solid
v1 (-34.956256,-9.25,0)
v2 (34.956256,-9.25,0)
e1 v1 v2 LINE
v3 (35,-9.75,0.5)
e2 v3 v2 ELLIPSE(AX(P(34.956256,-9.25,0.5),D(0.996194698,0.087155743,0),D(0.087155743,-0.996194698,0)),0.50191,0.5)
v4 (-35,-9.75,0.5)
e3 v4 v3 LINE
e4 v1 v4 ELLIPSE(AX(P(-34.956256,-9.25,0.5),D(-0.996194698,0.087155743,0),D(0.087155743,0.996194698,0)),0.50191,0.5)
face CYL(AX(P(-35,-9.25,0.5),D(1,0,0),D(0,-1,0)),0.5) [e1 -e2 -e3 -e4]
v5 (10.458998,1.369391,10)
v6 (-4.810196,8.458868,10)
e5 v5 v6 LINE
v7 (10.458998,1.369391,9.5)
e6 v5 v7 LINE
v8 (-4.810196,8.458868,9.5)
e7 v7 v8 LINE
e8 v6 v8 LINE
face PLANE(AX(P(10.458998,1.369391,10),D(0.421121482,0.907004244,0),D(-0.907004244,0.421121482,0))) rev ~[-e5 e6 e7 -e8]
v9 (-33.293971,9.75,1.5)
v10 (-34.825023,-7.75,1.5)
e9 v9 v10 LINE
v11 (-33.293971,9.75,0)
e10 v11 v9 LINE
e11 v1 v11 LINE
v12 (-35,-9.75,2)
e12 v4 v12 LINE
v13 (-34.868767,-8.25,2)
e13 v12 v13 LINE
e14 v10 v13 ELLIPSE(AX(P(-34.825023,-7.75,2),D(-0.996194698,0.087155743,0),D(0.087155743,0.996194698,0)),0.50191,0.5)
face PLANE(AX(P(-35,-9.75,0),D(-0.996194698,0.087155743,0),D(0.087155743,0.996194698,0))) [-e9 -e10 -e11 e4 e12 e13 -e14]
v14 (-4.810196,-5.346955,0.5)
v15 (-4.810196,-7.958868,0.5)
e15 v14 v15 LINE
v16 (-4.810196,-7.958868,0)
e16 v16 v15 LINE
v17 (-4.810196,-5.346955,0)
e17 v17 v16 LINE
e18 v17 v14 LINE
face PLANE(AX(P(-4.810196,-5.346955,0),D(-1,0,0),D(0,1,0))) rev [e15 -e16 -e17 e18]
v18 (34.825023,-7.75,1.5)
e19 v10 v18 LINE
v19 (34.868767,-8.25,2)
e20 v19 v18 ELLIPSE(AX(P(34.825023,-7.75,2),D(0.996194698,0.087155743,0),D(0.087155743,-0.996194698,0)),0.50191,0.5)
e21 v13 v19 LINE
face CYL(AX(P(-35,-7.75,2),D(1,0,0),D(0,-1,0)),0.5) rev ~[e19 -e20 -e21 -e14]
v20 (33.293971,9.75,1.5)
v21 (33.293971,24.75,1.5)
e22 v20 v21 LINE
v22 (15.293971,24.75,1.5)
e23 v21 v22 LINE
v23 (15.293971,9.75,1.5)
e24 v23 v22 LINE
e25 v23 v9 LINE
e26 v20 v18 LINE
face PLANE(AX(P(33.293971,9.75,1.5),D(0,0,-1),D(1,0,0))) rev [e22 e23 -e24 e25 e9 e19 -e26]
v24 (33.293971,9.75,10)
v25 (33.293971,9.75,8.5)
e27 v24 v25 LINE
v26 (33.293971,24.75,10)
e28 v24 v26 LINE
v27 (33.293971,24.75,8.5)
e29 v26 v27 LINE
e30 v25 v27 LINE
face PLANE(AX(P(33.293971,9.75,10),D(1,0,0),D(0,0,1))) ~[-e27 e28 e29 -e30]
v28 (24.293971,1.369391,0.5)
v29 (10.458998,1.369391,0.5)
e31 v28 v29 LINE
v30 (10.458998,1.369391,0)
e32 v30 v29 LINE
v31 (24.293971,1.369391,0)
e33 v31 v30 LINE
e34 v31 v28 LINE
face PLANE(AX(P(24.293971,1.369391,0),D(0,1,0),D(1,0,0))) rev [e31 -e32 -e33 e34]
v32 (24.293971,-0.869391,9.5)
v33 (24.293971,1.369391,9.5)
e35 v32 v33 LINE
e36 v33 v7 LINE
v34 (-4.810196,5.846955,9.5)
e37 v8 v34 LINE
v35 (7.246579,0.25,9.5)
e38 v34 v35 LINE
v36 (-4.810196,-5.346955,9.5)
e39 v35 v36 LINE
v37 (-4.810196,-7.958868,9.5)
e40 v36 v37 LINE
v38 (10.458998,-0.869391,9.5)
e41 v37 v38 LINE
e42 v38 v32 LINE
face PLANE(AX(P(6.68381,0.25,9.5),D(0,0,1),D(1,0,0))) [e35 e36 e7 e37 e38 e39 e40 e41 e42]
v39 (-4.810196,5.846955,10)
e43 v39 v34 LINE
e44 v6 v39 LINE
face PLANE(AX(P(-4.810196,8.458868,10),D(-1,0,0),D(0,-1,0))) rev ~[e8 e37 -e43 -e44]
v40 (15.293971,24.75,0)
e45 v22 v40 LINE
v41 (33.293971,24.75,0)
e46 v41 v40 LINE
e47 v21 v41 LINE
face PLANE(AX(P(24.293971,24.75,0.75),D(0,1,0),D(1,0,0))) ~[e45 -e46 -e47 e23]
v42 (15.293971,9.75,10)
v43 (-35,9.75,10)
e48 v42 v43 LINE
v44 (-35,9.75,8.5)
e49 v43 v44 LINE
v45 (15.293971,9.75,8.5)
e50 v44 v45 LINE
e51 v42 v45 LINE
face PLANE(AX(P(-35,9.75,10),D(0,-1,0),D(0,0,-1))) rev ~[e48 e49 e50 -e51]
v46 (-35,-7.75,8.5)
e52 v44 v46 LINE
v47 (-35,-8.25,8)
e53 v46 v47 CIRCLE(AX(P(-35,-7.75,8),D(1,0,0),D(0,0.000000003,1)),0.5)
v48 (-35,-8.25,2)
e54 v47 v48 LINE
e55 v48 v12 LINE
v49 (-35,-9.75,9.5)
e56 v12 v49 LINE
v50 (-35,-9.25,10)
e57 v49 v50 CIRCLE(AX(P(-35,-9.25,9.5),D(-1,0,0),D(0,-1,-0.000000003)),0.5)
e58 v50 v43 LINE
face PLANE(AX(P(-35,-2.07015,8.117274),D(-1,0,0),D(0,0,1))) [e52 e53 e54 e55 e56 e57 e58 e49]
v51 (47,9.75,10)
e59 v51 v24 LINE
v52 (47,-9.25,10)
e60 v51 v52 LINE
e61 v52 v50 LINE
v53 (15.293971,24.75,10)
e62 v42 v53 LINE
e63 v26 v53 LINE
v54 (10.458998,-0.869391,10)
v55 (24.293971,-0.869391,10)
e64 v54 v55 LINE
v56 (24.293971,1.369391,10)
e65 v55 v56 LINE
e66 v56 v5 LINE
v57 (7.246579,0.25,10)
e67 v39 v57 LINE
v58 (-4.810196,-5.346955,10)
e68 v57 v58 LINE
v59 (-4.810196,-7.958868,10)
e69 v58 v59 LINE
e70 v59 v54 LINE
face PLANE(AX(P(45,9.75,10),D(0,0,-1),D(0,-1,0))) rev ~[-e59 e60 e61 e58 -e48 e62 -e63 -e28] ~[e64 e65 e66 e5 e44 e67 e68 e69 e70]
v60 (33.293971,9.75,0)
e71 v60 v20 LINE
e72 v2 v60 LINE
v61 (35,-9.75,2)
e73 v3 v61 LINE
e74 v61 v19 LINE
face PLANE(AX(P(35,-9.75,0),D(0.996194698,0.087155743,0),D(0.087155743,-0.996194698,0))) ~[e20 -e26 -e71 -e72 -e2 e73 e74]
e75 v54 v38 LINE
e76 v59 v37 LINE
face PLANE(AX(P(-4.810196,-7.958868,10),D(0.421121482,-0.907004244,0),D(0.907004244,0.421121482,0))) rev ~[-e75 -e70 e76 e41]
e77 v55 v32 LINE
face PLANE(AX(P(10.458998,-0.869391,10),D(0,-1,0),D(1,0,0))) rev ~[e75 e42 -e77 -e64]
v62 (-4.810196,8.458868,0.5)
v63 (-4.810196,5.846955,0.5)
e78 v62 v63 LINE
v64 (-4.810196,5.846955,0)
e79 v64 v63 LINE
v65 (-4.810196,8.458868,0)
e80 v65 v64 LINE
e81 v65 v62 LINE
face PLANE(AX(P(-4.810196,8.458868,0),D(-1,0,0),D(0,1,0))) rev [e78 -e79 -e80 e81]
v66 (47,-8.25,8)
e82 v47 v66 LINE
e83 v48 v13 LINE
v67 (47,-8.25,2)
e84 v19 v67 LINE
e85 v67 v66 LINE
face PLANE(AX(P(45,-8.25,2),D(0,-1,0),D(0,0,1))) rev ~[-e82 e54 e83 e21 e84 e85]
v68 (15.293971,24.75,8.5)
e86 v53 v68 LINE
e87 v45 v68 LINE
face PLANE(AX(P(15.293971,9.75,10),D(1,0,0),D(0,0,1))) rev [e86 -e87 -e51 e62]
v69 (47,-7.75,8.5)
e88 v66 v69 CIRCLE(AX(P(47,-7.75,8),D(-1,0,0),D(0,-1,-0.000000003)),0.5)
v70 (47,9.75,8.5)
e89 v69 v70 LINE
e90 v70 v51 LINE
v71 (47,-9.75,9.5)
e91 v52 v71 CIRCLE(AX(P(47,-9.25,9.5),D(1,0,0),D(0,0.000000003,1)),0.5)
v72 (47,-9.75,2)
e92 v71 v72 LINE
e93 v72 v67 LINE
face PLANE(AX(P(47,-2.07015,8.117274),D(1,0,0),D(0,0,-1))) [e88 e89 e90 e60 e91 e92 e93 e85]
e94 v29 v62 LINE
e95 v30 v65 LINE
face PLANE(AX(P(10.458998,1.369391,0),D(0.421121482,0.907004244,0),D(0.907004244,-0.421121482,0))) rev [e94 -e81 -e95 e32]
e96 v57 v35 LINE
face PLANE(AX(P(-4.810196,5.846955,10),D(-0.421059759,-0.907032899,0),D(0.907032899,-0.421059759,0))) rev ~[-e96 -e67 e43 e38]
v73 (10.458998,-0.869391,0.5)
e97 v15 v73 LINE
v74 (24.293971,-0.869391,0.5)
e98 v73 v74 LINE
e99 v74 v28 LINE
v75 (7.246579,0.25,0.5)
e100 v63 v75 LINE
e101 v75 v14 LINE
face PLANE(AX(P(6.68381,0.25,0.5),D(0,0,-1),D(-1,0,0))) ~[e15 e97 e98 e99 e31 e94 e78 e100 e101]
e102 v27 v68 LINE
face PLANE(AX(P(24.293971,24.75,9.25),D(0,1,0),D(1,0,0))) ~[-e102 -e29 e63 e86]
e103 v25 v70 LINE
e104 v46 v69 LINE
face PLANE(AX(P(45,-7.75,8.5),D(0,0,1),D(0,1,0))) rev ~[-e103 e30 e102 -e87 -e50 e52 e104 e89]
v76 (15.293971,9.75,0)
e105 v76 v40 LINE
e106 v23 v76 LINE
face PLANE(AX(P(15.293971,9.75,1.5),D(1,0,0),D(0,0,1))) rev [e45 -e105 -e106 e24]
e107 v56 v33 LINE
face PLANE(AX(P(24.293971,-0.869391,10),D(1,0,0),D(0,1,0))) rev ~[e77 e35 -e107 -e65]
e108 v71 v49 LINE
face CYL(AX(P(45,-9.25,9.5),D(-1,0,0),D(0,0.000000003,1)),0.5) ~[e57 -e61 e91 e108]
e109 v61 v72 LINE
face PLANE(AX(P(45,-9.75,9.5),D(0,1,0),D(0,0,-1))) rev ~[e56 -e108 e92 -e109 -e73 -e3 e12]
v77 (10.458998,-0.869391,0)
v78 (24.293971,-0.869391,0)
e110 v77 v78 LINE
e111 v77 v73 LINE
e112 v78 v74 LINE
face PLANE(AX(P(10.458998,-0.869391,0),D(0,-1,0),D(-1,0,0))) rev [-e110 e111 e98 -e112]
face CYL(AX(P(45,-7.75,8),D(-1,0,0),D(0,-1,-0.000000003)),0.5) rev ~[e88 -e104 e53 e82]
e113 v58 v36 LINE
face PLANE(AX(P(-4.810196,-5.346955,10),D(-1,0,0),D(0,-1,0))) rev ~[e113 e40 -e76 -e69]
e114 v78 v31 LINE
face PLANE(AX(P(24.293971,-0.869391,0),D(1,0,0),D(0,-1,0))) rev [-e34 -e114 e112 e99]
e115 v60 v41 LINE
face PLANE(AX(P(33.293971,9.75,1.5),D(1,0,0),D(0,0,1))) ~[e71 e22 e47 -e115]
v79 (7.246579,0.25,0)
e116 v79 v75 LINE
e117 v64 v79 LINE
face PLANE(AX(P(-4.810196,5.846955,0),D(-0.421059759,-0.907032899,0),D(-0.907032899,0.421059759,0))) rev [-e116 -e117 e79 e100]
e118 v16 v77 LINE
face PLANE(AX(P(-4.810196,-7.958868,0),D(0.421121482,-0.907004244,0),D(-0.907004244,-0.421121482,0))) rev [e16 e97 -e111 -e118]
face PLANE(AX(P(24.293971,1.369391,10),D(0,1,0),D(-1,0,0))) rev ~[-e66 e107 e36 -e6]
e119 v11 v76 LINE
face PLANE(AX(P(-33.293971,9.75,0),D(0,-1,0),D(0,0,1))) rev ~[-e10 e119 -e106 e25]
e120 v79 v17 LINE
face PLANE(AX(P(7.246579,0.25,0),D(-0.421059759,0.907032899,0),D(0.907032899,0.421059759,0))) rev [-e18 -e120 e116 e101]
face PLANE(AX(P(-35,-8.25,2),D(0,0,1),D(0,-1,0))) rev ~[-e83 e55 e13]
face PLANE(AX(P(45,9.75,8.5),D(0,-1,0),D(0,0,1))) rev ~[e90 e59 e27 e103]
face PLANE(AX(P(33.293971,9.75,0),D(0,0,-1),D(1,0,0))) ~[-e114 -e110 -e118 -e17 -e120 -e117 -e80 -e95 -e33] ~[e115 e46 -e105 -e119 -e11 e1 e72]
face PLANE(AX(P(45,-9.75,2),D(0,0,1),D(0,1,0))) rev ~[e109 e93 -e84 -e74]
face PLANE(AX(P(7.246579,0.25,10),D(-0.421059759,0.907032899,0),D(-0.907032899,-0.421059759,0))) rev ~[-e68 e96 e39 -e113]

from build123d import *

# Parameters (mm, degrees)
IZIM1_W                     = 70
IZIM1_H                     = 19.5
Y_KSEKLIK_EKSTR_ZYON1_DEPTH = 10
BO_ALTMA1_T                 = -1.5
RADYUS1_R                   = 0.5
RADYUS2_R                   = 0.5
KES_EKSTR_ZYON1_DEPTH       = 2
Y_KSEKLIK_EKSTR_ZYON3_DEPTH = 10
IZIM8_W                     = 18
IZIM8_H                     = 1.5
Y_KSEKLIK_EKSTR_ZYON4_DEPTH = 15
KES_EKSTR_ZYON3_DEPTH       = 10
IZIM10_W                    = 1.5
IZIM10_H                    = 15
KES_EKSTR_ZYON4_DEPTH       = 18
KES_EKSTR_ZYON5_DEPTH       = 0.5
Y_KSEKLIK_EKSTR_ZYON5_DEPTH = 2


with BuildPart() as part:
    # Çizim1 → Yükseklik-Ekstrüzyon1 (new body)
    with BuildSketch(Plane.XY):
        Rectangle(IZIM1_W, IZIM1_H)
    extrude(amount=Y_KSEKLIK_EKSTR_ZYON1_DEPTH)

    # İç Boşaltma1
    bo_altma1_openings = [part.faces().sort_by_distance(p)[0] for p in [
        (-35, 0, 5),
        (0, 9.75, 5),
        (35, 0, 5),
    ]]
    offset(amount=BO_ALTMA1_T, openings=bo_altma1_openings, kind=Kind.INTERSECTION)

    # Radyus1
    radyus1_edges = [part.edges().sort_by_distance(p)[0] for p in [
        (0, -8.25, 1.5),
        (0, -8.25, 8.5),
    ]]
    fillet(radyus1_edges, radius=RADYUS1_R)

    # Radyus2
    radyus2_edges = [part.edges().sort_by_distance(p)[0] for p in [
        (0, -9.75, 10),
        (0, -9.75, 0),
    ]]
    fillet(radyus2_edges, radius=RADYUS2_R)

    # Çizim2 → Kes-Ekstrüzyon1 (cut)
    with BuildSketch(Plane(origin=(0, 0, 0), x_dir=(-1, 0, 0), z_dir=(0, 0, -1))):
        Polygon((35, -9.75), (33.293971061, 9.75), (35, 9.75), align=None)
    kes_ekstr_zyon1 = extrude(amount=-KES_EKSTR_ZYON1_DEPTH, mode=Mode.SUBTRACT)

    # Aynalama1: Kes-Ekstrüzyon1 across plane
    add(kes_ekstr_zyon1.mirror(Plane(origin=(0, 0, 0), x_dir=(0, 0, 1), z_dir=(1, 0, 0))), mode=Mode.SUBTRACT)

    # Çizim7 → Yükseklik-Ekstrüzyon3 (add)
    with BuildSketch(Plane.ZY.offset(35)):
        with BuildLine():
            Line((2, -8.25), (2, -9.75))
            Line((2, -9.75), (9.5, -9.75))
            ThreePointArc((9.5, -9.75), (9.853553391, -9.603553391), (10, -9.25))
            Line((10, -9.25), (10, 9.75))
            Line((10, 9.75), (8.5, 9.75))
            Line((8.5, 9.75), (8.5, -7.75))
            ThreePointArc((8.5, -7.75), (8.353553391, -8.103553391), (8, -8.25))
            Line((8, -8.25), (2, -8.25))
        make_face()
    y_kseklik_ekstr_zyon3 = extrude(amount=Y_KSEKLIK_EKSTR_ZYON3_DEPTH)

    # Çizim8 → Yükseklik-Ekstrüzyon4 (add)
    with BuildSketch(Plane(origin=(0, 9.75, 0), x_dir=(1, 0, 0), z_dir=(0, 1, 0))):
        with Locations((-24.293971061, -0.75)):
            Rectangle(IZIM8_W, IZIM8_H)
        with Locations((-24.293971061, -9.25)):
            Rectangle(IZIM8_W, IZIM8_H)
    y_kseklik_ekstr_zyon4 = extrude(amount=Y_KSEKLIK_EKSTR_ZYON4_DEPTH)

    # Aynalama3: Yükseklik-Ekstrüzyon3, Yükseklik-Ekstrüzyon4 across plane
    add(y_kseklik_ekstr_zyon3.mirror(Plane(origin=(0, 0, 0), x_dir=(0, 0, 1), z_dir=(1, 0, 0))))
    add(y_kseklik_ekstr_zyon4.mirror(Plane(origin=(0, 0, 0), x_dir=(0, 0, 1), z_dir=(1, 0, 0))))

    # Çizim9 → Kes-Ekstrüzyon3 (cut)
    with BuildSketch(Plane.ZY.offset(45)):
        with BuildLine():
            Line((2, -9.75), (9.5, -9.75))
            ThreePointArc((9.5, -9.75), (9.853553391, -9.603553391), (10, -9.25))
            Line((10, -9.25), (10, 9.75))
            Line((10, 9.75), (8.5, 9.75))
            Line((8.5, 9.75), (8.5, -7.75))
            ThreePointArc((8.5, -7.75), (8.353553391, -8.103553391), (8, -8.25))
            Line((8, -8.25), (2, -8.25))
            Line((2, -8.25), (2, -9.75))
        make_face()
    extrude(amount=-KES_EKSTR_ZYON3_DEPTH, mode=Mode.SUBTRACT)

    # Çizim10 → Kes-Ekstrüzyon4 (cut)
    with BuildSketch(Plane.ZY.offset(33.293971061)):
        with Locations((0.75, 17.25)):
            Rectangle(IZIM10_W, IZIM10_H)
        with Locations((9.25, 17.25)):
            Rectangle(IZIM10_W, IZIM10_H)
    extrude(amount=-KES_EKSTR_ZYON4_DEPTH, mode=Mode.SUBTRACT)

    # Çizim11 → Kes-Ekstrüzyon5 (cut)
    with BuildSketch(Plane.XY.offset(10)):
        Polygon((-4.810195605, 8.458867521), (-4.810195605, 5.846955128), (7.246578567, 0.25), (-4.810195605, -5.346955128), (-4.810195605, -7.958867521), (10.458997604, -0.869391026), (24.293971061, -0.869391026), (24.293971061, 1.369391026), (10.458997604, 1.369391026), align=None)
    kes_ekstr_zyon5 = extrude(amount=-KES_EKSTR_ZYON5_DEPTH, mode=Mode.SUBTRACT)

    # Aynalama4: Kes-Ekstrüzyon5 across plane
    add(kes_ekstr_zyon5.mirror(Plane.XY.offset(5)), mode=Mode.SUBTRACT)

    # Çizim12 → Yükseklik-Ekstrüzyon5 (add)
    with BuildSketch(Plane(origin=(45, 0, 0), x_dir=(0, 0, -1), z_dir=(1, 0, 0))):
        with BuildLine():
            Line((-9.5, -9.75), (-2, -9.75))
            Line((-2, -9.75), (-2, -8.25))
            Line((-2, -8.25), (-8, -8.25))
            ThreePointArc((-8, -8.25), (-8.353553391, -8.103553391), (-8.5, -7.75))
            Line((-8.5, -7.75), (-8.5, 9.75))
            Line((-8.5, 9.75), (-10, 9.75))
            Line((-10, 9.75), (-10, -9.25))
            ThreePointArc((-10, -9.25), (-9.853553391, -9.603553391), (-9.5, -9.75))
        make_face()
    extrude(amount=Y_KSEKLIK_EKSTR_ZYON5_DEPTH)


solid = part.part
